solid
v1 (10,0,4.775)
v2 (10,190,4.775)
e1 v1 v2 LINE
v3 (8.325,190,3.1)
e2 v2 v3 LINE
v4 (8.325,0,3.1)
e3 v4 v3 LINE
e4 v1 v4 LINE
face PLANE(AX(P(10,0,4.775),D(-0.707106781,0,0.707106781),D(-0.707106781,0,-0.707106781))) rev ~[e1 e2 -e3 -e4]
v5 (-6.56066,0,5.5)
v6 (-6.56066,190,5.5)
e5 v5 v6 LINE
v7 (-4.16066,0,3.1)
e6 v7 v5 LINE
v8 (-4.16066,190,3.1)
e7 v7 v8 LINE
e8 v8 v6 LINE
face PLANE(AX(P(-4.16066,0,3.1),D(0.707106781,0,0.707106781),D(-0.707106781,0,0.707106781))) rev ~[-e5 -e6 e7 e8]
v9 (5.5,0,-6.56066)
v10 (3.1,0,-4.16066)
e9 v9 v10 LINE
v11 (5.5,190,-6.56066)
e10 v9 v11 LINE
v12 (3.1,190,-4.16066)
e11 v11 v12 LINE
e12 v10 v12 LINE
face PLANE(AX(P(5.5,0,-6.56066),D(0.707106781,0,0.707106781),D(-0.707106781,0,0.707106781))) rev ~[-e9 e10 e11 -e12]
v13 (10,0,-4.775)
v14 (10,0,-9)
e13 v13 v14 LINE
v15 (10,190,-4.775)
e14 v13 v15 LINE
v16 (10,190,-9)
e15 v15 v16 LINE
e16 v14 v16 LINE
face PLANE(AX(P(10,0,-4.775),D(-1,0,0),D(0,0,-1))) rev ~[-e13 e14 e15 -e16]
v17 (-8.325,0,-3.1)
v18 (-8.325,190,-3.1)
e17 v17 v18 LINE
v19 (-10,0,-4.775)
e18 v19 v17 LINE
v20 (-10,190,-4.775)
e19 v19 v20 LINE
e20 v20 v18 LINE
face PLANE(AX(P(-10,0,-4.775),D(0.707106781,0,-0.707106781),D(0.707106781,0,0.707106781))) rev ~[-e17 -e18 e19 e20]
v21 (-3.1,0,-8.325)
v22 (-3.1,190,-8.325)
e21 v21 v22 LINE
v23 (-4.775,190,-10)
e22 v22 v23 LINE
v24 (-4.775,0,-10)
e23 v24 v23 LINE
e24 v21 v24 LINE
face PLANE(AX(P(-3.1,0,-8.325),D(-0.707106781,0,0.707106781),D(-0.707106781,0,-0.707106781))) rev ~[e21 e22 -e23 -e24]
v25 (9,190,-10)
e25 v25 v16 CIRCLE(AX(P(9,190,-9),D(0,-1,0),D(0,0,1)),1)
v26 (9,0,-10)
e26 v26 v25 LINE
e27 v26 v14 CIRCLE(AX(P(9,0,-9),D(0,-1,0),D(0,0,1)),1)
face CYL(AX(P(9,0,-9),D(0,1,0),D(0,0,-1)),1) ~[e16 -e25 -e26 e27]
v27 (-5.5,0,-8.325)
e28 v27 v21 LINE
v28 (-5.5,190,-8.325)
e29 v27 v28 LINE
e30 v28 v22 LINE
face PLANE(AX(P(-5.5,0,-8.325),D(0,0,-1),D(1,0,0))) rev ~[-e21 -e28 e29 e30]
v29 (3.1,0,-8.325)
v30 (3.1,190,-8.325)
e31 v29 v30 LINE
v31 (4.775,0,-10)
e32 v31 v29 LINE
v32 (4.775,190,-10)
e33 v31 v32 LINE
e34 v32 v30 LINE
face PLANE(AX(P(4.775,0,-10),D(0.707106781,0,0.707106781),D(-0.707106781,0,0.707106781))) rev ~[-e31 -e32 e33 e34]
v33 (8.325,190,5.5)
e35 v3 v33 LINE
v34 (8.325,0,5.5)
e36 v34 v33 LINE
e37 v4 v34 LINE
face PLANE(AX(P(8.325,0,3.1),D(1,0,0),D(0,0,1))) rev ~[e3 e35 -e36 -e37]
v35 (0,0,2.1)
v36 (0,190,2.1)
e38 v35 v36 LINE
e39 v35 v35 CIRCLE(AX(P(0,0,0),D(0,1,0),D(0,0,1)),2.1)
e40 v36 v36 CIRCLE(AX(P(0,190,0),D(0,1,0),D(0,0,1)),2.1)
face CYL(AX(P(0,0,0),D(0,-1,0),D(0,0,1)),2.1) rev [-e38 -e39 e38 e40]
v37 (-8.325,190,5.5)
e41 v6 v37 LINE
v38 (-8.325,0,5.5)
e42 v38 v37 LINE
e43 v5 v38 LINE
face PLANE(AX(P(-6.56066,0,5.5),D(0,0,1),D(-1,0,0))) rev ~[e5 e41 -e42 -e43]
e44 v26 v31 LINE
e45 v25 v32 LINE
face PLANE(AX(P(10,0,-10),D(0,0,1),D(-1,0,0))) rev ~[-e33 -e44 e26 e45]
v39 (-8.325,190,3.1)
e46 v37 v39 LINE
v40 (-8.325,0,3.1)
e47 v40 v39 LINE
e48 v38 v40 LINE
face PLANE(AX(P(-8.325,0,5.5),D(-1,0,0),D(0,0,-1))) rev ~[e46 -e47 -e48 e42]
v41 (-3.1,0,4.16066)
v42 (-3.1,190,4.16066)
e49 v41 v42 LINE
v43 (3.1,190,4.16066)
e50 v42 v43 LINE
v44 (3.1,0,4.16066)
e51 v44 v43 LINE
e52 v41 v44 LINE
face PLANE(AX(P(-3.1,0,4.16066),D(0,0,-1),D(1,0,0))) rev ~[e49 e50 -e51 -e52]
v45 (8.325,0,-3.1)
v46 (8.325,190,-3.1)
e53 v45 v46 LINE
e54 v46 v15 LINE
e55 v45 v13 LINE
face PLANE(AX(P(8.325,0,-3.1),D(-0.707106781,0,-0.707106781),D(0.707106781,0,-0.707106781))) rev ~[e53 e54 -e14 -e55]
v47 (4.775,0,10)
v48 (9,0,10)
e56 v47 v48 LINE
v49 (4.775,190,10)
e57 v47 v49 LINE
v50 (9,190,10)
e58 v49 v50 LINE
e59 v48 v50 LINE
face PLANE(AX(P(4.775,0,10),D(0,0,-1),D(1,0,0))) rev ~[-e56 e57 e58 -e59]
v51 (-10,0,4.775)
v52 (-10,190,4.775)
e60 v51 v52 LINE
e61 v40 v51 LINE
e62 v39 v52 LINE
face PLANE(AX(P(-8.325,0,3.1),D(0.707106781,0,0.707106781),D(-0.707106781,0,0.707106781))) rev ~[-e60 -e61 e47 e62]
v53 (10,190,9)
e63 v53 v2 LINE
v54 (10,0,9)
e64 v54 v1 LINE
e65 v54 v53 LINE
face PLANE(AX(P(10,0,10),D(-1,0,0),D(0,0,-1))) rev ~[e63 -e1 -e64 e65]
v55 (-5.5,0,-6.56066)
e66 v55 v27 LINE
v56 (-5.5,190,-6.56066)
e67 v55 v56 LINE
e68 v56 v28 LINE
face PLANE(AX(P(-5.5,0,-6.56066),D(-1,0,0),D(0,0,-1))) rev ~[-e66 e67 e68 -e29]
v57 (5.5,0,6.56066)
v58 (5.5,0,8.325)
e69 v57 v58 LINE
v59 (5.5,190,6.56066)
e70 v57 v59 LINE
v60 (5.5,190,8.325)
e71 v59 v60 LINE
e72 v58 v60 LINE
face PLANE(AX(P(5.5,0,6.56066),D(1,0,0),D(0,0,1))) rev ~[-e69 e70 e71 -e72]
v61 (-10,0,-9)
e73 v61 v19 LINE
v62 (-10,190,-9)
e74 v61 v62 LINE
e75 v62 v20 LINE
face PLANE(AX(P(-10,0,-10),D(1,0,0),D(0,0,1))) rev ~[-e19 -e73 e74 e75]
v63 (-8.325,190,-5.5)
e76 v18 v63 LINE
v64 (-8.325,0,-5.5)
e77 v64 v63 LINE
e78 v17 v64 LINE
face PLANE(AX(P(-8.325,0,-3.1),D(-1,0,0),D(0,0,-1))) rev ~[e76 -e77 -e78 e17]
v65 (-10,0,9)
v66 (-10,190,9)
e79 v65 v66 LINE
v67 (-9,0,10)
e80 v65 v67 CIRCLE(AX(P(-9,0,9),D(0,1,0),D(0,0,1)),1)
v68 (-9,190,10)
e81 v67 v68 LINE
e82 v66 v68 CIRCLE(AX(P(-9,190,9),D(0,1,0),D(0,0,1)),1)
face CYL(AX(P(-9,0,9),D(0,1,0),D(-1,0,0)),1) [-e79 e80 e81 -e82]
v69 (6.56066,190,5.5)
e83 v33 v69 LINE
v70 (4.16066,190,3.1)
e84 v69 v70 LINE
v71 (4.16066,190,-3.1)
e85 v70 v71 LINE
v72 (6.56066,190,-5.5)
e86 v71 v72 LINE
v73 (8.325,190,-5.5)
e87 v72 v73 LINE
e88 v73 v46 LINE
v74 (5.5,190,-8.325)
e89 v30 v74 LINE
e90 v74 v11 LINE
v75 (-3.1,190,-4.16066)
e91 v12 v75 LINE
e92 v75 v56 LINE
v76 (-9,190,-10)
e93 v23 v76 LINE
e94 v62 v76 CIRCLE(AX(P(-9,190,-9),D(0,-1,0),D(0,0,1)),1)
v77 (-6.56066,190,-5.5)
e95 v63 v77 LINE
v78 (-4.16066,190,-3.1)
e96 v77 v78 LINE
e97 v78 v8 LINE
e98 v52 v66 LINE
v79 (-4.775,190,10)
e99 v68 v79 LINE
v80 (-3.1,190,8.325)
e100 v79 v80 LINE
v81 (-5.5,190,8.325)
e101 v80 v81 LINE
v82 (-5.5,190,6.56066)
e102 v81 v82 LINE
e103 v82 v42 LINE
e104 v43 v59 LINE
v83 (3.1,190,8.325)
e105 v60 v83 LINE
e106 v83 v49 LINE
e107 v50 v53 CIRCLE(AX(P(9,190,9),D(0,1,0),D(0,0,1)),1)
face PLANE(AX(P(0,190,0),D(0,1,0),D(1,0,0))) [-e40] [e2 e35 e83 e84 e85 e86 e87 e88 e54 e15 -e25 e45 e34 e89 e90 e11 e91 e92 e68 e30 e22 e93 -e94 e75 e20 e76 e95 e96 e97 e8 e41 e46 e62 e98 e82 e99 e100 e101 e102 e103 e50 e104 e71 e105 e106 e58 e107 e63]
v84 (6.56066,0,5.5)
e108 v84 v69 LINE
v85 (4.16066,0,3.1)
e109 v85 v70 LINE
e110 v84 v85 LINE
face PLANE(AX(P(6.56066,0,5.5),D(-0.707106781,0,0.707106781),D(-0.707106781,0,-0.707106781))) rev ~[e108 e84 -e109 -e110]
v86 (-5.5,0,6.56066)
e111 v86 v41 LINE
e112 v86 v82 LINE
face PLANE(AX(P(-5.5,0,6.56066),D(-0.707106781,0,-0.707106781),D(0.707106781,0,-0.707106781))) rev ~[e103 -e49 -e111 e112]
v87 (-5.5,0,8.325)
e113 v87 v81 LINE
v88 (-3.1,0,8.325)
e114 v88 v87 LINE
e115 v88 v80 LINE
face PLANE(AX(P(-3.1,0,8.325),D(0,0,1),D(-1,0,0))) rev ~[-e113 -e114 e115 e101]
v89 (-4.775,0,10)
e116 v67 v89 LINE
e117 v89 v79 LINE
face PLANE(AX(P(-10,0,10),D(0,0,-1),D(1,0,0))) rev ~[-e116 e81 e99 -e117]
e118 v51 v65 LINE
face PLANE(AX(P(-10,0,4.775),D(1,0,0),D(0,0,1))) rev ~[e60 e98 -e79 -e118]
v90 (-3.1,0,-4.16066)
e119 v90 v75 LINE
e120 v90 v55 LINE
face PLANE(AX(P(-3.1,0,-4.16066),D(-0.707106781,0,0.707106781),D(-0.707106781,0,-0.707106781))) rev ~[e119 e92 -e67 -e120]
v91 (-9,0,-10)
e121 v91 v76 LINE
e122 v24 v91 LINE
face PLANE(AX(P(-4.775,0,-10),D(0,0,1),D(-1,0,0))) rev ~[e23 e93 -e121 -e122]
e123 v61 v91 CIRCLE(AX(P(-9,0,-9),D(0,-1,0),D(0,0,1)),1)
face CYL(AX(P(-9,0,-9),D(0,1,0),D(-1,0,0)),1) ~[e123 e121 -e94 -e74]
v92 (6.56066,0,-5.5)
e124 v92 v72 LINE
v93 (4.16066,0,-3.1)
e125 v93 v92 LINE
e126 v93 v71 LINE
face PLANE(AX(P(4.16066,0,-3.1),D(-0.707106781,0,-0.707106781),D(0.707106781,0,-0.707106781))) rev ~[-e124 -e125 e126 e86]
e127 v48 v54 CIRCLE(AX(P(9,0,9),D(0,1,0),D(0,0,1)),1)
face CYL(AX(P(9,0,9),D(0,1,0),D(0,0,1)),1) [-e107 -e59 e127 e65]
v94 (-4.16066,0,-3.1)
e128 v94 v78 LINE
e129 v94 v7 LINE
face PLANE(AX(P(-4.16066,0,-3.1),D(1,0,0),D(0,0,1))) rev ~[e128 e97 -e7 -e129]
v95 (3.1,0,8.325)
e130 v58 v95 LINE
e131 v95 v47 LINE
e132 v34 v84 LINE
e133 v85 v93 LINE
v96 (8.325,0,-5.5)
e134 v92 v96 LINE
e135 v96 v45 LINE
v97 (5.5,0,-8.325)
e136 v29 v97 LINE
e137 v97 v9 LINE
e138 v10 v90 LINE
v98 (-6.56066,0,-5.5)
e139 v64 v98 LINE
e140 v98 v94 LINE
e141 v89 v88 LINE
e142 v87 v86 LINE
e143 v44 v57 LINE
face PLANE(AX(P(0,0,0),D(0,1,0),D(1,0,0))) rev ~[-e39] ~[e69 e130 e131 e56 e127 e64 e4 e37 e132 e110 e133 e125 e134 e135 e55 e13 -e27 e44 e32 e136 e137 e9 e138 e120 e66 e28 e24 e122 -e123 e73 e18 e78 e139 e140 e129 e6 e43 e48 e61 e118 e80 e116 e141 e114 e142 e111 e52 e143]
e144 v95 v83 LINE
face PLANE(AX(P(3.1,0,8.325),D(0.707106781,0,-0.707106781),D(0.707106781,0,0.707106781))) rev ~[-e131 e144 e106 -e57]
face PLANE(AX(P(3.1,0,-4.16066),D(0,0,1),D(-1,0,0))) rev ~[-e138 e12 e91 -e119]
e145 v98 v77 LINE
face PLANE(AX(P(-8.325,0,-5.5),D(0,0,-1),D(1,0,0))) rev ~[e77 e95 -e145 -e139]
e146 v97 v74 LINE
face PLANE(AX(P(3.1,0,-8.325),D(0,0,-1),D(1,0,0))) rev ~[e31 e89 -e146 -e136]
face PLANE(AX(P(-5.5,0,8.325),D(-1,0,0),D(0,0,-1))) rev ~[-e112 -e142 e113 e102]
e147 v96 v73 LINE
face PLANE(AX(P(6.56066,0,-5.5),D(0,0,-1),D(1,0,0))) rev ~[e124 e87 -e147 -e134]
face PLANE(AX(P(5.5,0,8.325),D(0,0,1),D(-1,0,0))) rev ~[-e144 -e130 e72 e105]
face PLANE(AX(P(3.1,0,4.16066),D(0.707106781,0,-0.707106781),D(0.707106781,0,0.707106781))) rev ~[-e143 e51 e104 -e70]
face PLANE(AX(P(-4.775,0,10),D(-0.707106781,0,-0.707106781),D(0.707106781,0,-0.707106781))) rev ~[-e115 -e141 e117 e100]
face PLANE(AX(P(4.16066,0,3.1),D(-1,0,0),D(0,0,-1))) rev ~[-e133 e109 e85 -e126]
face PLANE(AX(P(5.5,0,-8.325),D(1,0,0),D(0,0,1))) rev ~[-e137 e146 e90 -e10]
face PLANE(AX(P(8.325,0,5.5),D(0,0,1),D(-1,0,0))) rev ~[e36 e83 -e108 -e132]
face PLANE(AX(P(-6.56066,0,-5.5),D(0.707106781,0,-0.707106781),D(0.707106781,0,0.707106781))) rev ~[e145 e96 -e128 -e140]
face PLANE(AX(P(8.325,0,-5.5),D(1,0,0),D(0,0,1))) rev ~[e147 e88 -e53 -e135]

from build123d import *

# Parameters (mm, degrees)
MASTERLAYOUTSKETCH_R = 2.1
MAIN_EXTRUSION_DEPTH = 190
EDGE_FILLETS_R       = 1


with BuildPart() as part:
    # MasterLayoutSketch → Main Extrusion (new body)
    with BuildSketch(Plane(origin=(0, 0, 0), x_dir=(1, 0, 0), z_dir=(0, 1, 0))):
        Polygon((-8.325, 3.1), (-8.325, 5.5), (-6.560660172, 5.5), (-4.160660172, 3.1), (-4.160660172, -3.1), (-6.560660172, -5.5), (-8.325, -5.5), (-8.325, -3.1), (-10, -4.775), (-10, -10), (-4.775, -10), (-3.1, -8.325), (-5.5, -8.325), (-5.5, -6.560660172), (-3.1, -4.160660172), (3.1, -4.160660172), (5.5, -6.560660172), (5.5, -8.325), (3.1, -8.325), (4.775, -10), (10, -10), (10, -4.775), (8.325, -3.1), (8.325, -5.5), (6.560660172, -5.5), (4.160660172, -3.1), (4.160660172, 3.1), (6.560660172, 5.5), (8.325, 5.5), (8.325, 3.1), (10, 4.775), (10, 10), (4.775, 10), (3.1, 8.325), (5.5, 8.325), (5.5, 6.560660172), (3.1, 4.160660172), (-3.1, 4.160660172), (-5.5, 6.560660172), (-5.5, 8.325), (-3.1, 8.325), (-4.775, 10), (-10, 10), (-10, 4.775), align=None)
        with Locations(Location((0, 0, 0), (0, 0, 270))):
            Circle(MASTERLAYOUTSKETCH_R, mode=Mode.SUBTRACT)
    extrude(amount=MAIN_EXTRUSION_DEPTH)

    # Edge Fillets
    edge_fillets_edges = [part.edges().sort_by_distance(p)[0] for p in [
        (10, 95, -10),
        (10, 95, 10),
        (-10, 95, 10),
        (-10, 95, -10),
    ]]
    fillet(edge_fillets_edges, radius=EDGE_FILLETS_R)


solid = part.part
